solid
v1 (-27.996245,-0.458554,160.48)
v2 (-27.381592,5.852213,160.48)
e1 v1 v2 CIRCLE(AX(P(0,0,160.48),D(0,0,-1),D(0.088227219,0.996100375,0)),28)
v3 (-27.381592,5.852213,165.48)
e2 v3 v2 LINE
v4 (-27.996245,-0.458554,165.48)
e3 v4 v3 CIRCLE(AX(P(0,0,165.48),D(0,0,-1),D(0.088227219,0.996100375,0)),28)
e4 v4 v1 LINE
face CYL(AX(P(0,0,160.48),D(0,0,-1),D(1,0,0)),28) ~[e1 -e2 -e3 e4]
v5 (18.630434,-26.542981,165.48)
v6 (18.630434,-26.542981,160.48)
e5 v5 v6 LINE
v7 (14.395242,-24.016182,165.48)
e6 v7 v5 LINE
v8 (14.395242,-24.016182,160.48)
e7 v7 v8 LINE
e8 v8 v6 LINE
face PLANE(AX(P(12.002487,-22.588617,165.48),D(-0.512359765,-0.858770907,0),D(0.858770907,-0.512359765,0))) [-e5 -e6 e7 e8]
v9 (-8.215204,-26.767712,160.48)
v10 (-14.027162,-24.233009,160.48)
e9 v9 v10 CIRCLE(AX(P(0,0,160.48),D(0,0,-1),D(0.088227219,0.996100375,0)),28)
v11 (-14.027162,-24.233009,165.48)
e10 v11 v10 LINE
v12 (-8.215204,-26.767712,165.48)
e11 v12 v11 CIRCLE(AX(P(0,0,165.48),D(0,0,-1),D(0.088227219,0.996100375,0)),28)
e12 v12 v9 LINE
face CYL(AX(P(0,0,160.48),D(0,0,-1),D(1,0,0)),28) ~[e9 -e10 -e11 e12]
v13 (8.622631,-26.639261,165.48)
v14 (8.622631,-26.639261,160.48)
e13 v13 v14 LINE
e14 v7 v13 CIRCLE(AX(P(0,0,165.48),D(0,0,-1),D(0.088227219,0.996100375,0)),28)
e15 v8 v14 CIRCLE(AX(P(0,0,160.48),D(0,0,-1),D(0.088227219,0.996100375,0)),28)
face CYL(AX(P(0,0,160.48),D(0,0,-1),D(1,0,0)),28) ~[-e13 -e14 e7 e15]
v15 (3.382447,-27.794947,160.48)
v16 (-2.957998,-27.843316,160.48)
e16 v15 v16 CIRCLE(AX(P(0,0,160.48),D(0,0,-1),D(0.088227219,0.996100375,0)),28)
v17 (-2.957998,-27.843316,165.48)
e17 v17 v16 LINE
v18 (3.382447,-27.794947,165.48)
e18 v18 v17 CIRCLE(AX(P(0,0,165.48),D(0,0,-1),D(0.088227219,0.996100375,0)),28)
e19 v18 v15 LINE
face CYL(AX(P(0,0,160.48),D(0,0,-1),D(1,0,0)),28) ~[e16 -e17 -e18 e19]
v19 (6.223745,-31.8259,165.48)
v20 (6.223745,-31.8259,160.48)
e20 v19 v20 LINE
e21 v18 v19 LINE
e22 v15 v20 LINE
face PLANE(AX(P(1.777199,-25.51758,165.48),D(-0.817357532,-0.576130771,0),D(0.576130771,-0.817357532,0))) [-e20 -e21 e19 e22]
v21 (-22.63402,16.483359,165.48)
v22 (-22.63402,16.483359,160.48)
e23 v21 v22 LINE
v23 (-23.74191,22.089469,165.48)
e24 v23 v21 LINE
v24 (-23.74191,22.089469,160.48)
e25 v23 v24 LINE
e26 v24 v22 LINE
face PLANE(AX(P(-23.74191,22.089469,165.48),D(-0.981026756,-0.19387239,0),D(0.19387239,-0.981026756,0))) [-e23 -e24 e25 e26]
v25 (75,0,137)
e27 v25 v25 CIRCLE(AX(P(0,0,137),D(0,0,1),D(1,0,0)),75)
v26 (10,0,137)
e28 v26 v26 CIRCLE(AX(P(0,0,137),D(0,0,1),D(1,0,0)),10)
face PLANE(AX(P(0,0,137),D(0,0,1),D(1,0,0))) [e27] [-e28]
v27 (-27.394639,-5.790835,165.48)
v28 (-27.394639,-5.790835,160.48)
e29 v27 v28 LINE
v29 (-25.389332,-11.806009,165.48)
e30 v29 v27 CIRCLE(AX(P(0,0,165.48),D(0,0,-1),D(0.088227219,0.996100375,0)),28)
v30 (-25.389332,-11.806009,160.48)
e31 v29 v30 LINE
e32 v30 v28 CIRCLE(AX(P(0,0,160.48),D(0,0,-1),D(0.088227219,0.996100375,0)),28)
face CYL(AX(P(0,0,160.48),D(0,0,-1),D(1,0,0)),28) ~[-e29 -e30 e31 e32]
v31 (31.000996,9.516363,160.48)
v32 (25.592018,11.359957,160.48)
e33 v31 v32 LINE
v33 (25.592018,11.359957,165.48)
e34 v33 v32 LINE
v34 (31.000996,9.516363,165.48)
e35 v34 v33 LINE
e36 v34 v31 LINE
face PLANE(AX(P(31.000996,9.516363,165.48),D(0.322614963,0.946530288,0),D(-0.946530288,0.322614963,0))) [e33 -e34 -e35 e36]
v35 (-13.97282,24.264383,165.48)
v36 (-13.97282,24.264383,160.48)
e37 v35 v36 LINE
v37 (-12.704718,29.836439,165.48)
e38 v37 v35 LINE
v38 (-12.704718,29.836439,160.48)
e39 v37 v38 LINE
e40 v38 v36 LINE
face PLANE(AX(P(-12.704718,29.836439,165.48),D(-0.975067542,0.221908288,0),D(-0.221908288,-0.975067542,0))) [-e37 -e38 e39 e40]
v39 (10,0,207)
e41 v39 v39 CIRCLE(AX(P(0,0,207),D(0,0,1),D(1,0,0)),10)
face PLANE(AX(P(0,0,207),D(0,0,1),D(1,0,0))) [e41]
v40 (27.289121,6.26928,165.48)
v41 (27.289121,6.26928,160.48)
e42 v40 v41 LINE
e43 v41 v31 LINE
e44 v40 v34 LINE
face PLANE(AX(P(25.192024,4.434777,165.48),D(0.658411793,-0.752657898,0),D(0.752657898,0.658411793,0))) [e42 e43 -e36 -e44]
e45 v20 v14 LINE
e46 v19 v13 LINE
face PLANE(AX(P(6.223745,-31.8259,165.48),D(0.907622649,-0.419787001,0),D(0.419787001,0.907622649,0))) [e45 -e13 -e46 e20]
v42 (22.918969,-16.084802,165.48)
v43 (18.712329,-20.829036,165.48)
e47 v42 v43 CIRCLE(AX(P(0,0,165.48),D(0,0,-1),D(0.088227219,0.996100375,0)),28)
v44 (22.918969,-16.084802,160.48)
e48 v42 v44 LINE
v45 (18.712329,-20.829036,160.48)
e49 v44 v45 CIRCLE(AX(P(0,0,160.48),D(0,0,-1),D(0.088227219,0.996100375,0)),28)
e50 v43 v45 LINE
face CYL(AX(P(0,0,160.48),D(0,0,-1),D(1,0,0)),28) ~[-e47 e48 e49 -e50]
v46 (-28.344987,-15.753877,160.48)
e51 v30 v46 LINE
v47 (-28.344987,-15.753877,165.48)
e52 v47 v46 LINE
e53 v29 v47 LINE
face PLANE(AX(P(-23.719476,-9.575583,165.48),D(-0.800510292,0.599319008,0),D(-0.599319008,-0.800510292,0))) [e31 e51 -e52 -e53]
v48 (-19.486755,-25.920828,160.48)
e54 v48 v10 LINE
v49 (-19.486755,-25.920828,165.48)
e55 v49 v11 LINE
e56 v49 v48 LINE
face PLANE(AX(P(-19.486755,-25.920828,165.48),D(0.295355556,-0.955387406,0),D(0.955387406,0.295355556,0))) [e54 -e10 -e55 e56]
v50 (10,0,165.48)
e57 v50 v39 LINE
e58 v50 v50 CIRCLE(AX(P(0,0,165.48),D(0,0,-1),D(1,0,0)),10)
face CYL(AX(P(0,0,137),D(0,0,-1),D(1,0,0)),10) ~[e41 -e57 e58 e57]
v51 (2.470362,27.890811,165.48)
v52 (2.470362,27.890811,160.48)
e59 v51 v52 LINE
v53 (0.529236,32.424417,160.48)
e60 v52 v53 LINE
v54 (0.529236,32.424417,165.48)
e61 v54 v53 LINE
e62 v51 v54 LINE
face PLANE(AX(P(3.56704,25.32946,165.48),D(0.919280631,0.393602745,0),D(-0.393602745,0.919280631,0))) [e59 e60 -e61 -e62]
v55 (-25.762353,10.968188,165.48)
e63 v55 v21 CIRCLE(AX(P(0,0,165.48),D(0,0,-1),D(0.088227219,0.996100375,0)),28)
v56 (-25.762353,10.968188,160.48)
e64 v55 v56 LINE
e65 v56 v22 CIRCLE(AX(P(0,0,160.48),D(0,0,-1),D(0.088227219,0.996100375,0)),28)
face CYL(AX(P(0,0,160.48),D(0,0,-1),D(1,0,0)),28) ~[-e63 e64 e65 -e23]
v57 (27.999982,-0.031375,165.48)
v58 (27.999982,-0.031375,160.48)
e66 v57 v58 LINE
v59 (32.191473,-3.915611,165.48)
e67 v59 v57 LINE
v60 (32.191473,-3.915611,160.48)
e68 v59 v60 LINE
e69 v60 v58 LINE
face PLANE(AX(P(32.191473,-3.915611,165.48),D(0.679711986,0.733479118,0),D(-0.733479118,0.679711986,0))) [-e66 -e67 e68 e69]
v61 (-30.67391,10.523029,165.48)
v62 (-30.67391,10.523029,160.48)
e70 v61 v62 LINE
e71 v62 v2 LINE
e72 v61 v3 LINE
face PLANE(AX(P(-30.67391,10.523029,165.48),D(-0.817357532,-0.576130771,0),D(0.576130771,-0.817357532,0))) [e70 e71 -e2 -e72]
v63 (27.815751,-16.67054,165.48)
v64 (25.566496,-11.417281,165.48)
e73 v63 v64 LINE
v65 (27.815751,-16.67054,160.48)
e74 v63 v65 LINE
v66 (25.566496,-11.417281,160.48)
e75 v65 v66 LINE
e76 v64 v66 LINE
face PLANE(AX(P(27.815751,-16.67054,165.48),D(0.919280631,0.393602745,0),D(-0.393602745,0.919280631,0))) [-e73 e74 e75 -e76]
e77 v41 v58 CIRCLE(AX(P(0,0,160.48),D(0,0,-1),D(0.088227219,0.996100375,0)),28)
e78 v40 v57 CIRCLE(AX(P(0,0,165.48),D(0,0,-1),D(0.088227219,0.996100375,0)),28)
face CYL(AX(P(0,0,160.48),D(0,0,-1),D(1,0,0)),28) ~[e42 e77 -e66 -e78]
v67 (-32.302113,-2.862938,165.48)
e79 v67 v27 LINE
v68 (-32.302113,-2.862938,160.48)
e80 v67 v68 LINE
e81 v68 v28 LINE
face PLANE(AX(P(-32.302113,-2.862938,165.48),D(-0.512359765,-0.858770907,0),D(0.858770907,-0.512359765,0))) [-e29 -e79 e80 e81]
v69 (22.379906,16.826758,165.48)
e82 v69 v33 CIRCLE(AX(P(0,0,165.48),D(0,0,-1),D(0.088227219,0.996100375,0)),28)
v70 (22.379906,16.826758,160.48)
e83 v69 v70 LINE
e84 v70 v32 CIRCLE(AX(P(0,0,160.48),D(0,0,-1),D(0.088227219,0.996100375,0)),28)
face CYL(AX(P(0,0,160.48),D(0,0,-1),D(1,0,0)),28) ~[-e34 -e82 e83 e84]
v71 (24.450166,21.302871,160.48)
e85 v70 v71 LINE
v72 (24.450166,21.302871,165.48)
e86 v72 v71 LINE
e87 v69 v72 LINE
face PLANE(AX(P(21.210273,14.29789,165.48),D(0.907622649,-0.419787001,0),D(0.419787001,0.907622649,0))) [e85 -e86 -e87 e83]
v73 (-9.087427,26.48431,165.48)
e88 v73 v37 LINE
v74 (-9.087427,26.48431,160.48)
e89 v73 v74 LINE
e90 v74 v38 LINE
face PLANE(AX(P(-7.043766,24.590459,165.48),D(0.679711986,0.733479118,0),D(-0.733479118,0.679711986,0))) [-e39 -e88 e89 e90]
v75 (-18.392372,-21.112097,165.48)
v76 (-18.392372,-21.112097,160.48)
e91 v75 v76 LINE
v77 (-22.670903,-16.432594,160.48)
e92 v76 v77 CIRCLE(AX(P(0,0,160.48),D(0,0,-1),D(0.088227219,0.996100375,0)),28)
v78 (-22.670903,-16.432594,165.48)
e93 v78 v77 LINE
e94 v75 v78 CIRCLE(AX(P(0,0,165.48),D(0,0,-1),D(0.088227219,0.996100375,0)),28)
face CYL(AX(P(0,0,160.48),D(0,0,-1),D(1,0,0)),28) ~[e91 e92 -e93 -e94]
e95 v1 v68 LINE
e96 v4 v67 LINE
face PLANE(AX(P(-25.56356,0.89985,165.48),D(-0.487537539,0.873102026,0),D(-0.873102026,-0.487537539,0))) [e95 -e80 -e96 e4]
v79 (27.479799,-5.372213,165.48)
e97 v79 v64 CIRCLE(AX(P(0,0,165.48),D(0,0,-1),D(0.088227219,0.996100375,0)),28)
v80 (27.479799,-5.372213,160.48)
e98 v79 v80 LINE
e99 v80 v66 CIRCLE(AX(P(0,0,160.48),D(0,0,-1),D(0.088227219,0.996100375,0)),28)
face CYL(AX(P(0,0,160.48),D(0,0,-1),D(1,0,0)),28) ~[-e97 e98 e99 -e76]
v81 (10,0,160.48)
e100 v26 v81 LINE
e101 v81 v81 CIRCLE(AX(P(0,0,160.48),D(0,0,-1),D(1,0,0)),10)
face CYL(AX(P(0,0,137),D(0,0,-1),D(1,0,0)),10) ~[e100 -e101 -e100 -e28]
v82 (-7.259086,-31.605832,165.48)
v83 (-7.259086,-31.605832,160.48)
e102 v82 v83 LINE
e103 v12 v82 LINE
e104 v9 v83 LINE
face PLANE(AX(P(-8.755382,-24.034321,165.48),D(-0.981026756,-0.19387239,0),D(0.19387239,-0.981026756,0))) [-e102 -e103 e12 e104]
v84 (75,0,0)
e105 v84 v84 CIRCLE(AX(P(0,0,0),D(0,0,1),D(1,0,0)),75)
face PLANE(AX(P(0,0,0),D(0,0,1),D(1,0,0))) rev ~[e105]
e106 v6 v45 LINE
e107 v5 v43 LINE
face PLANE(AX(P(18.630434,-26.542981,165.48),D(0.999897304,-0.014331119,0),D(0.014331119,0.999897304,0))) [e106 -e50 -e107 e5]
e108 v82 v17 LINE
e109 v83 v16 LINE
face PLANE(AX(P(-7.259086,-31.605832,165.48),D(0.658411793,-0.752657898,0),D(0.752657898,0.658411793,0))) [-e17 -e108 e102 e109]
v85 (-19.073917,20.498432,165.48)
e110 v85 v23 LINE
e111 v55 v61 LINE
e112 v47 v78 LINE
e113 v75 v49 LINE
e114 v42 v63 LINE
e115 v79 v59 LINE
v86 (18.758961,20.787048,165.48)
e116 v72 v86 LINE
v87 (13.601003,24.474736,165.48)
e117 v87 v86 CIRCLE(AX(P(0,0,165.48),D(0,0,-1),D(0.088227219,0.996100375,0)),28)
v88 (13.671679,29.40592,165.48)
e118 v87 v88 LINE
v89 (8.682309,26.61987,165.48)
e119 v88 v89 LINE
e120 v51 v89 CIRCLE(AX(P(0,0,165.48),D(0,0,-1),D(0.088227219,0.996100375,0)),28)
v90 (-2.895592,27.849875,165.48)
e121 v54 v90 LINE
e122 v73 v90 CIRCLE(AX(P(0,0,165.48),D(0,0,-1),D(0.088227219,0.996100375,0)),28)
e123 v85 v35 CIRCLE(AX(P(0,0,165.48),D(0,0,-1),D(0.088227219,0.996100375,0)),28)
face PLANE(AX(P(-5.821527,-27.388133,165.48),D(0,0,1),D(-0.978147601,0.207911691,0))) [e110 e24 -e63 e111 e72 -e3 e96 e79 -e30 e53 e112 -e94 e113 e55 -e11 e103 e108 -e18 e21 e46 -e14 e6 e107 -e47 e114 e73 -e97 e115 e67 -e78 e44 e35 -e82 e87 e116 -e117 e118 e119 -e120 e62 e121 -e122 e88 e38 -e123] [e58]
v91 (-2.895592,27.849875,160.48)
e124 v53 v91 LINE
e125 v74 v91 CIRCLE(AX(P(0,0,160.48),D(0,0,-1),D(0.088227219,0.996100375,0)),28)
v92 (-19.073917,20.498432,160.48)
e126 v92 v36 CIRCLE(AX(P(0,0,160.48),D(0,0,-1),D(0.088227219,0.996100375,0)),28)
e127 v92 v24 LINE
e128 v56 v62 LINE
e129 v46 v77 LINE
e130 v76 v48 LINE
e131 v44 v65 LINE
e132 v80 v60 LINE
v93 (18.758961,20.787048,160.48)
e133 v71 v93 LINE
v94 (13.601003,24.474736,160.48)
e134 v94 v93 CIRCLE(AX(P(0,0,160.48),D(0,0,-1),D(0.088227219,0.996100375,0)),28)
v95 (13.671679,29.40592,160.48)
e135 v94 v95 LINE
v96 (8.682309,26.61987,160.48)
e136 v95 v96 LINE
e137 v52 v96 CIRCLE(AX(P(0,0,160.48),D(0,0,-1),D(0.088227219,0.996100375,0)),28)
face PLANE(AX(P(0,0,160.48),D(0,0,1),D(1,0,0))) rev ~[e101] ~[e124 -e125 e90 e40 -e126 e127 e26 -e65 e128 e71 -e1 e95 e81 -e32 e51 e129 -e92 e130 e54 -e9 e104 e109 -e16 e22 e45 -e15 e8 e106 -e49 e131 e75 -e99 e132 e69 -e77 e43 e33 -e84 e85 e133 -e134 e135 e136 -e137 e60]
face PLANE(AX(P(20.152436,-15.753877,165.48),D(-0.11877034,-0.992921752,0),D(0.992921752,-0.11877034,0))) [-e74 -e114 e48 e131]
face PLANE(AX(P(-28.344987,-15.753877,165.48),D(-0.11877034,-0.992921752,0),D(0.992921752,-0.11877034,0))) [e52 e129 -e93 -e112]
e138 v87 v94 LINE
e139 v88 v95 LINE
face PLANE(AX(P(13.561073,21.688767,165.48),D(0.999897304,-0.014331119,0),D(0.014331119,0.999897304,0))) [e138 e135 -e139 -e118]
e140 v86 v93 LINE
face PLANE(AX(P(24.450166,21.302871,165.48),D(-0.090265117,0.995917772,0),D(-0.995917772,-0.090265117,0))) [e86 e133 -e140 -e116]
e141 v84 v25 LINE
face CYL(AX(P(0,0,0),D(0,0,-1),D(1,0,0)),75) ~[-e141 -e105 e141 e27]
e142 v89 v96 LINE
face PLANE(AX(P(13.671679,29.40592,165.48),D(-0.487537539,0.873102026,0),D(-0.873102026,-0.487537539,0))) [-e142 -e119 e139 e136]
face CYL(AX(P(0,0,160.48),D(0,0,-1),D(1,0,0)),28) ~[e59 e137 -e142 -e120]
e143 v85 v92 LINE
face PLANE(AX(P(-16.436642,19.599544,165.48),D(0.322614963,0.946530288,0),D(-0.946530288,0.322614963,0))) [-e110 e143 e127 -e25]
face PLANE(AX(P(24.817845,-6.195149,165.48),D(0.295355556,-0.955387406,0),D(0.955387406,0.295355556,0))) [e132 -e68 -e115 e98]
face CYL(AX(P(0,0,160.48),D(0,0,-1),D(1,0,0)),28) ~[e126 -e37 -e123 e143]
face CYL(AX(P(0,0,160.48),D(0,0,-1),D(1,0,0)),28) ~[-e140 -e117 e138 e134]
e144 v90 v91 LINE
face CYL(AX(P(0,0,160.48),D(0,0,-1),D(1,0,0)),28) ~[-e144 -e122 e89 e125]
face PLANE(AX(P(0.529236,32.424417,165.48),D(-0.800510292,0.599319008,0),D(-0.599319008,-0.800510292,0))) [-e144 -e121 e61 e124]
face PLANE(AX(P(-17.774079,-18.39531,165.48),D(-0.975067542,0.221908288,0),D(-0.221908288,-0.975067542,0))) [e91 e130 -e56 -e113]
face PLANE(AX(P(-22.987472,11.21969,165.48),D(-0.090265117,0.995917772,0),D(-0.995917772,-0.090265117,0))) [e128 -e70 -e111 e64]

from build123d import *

# Parameters (mm, degrees)
SKETCH1_R           = 75
BOSS_EXTRUDE1_DEPTH = 137
SKETCH2_R           = 10
BOSS_EXTRUDE2_DEPTH = 70
SKETCH4_R           = 28
BOSS_EXTRUDE3_DEPTH = 5
BOSS_EXTRUDE4_DEPTH = 5
CIRPATTERN1_COUNT   = 15


with BuildPart() as part:
    # Sketch1 → Boss-Extrude1 (new body)
    with BuildSketch(Plane.XY):
        Circle(SKETCH1_R)
    extrude(amount=BOSS_EXTRUDE1_DEPTH)

    # Sketch2 → Boss-Extrude2 (add)
    with BuildSketch(Plane.XY.offset(137)):
        Circle(SKETCH2_R)
    extrude(amount=BOSS_EXTRUDE2_DEPTH)

    # Sketch4 → Boss-Extrude3 (add)
    with BuildSketch(Plane.XY.offset(160.48)):
        Circle(SKETCH4_R)
    extrude(amount=BOSS_EXTRUDE3_DEPTH)

    # Sketch5 → Boss-Extrude4 (add)
    with BuildSketch(Plane.XY.offset(165.48)):
        Polygon((3.567039891, 25.329459933), (0.529235594, 32.424417196), (-4.096275486, 26.246122872), align=None)
    boss_extrude4 = extrude(amount=-BOSS_EXTRUDE4_DEPTH)

    # CirPattern1: Boss-Extrude4 ×15 about axis
    cirpattern1_axis = Axis((0, 0, 0), (0, 0, 1))
    for i in range(1, CIRPATTERN1_COUNT):
        add(boss_extrude4.rotate(cirpattern1_axis, i * 360 / CIRPATTERN1_COUNT))


solid = part.part
